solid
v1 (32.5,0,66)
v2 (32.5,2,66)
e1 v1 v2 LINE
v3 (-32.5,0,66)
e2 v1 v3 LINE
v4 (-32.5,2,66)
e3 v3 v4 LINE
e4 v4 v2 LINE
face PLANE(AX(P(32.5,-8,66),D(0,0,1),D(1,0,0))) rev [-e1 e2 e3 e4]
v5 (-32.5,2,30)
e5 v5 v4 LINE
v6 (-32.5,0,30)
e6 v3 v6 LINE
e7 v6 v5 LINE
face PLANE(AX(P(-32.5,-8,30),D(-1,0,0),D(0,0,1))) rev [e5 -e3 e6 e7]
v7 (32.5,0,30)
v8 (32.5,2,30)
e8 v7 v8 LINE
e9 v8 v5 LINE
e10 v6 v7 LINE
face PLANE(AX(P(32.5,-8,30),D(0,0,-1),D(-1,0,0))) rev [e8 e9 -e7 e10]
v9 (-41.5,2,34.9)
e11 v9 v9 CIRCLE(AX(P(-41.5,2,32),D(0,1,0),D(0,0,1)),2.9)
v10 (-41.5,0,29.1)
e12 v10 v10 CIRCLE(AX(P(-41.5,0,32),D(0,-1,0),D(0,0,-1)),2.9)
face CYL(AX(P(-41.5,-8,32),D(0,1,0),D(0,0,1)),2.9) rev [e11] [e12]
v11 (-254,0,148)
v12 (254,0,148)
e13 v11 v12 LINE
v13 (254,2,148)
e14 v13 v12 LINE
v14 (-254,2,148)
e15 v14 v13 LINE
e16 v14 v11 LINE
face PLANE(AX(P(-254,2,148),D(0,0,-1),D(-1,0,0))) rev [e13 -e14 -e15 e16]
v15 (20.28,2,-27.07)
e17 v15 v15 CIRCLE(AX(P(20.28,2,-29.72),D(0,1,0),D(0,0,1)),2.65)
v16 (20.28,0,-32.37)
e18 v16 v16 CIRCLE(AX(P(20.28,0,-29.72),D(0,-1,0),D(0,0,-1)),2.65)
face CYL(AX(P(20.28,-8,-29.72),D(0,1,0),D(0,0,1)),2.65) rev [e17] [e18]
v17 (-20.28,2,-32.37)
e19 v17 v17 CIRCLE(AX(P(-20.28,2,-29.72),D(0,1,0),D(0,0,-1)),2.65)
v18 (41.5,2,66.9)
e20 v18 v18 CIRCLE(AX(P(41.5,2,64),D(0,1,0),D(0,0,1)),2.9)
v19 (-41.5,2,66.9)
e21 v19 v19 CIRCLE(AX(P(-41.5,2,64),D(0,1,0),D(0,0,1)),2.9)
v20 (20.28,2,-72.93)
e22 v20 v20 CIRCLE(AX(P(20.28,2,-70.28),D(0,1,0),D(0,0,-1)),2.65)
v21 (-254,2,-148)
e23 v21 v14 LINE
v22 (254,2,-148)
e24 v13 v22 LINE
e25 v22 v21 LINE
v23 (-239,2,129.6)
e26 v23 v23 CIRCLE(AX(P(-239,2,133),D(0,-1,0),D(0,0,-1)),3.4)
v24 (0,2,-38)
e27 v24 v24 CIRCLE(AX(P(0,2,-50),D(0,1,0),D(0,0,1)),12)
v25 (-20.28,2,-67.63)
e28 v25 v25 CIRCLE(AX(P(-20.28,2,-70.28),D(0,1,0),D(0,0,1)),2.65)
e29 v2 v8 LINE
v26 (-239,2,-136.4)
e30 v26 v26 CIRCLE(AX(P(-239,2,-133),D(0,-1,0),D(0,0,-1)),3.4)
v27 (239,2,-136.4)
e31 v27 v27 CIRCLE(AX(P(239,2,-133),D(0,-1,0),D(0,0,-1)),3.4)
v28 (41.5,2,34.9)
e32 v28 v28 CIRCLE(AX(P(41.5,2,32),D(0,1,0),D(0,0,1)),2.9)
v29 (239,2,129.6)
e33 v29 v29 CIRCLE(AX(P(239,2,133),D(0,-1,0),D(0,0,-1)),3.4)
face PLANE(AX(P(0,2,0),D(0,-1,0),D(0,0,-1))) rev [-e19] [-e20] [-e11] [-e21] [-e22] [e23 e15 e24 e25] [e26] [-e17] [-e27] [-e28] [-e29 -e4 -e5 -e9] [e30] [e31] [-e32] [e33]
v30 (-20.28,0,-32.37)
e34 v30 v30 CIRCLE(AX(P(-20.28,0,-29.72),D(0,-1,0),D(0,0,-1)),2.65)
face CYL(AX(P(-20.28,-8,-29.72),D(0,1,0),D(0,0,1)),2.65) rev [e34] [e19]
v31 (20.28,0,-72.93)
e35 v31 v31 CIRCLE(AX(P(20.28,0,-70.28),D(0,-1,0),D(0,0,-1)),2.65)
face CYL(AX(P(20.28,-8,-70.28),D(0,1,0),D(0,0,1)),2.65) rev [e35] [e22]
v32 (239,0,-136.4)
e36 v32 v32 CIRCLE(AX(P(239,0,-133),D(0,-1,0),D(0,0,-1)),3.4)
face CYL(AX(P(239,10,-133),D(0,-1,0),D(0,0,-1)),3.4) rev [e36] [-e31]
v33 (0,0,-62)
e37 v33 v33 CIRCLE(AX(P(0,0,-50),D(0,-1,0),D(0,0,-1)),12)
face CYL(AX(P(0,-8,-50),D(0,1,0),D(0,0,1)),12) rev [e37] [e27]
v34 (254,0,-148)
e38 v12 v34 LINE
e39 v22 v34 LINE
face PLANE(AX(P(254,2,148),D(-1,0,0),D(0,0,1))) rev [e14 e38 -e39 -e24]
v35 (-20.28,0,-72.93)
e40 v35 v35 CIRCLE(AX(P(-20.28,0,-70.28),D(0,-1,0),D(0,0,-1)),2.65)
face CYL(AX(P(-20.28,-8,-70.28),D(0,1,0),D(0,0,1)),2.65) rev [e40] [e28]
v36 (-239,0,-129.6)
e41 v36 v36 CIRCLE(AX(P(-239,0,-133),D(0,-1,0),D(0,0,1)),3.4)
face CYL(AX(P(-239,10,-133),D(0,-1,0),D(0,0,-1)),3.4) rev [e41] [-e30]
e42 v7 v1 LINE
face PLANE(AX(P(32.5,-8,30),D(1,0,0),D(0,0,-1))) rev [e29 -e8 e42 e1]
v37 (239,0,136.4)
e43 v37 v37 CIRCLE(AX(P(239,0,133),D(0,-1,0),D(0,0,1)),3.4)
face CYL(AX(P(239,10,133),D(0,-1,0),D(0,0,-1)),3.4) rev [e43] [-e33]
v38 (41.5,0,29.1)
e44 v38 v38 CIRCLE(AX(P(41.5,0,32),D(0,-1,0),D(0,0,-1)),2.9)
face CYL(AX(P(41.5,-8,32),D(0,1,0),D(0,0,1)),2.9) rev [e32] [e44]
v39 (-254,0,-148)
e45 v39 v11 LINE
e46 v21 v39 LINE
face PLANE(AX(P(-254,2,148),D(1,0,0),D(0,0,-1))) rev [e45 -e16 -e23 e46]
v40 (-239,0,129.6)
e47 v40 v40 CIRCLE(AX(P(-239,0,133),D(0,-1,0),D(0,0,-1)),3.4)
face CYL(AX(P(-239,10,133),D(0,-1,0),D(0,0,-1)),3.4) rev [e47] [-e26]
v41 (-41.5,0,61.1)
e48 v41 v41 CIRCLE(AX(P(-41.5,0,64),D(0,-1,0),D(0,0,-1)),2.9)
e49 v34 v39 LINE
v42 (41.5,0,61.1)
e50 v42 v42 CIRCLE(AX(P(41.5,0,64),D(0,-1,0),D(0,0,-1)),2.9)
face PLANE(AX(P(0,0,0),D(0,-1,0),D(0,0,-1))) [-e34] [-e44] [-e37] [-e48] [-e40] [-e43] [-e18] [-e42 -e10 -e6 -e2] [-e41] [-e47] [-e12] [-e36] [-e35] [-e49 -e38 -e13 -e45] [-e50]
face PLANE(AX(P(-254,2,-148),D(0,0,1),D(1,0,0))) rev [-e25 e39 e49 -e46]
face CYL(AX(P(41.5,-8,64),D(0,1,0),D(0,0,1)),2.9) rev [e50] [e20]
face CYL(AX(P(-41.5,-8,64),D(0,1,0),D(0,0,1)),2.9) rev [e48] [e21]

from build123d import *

# Parameters (mm, degrees)
SKETCH1_W           = 508
SKETCH1_H           = 296
BOSS_EXTRUDE1_DEPTH = 2
SKETCH2_R           = 12
SKETCH2_R_2         = 2.65
SKETCH2_R_3         = 2.9
SKETCH2_W           = 65
SKETCH2_H           = 36
CUT_EXTRUDE1_DEPTH  = 10
SKETCH4_R           = 3.4
CUT_EXTRUDE2_DEPTH  = 10


with BuildPart() as part:
    # Sketch1 → Boss-Extrude1 (new body)
    with BuildSketch(Plane(origin=(0, 0, 0), x_dir=(1, 0, 0), z_dir=(0, 1, 0))):
        Rectangle(SKETCH1_W, SKETCH1_H)
    extrude(amount=BOSS_EXTRUDE1_DEPTH)

    # Sketch2 → Cut-Extrude1 (cut)
    with BuildSketch(Plane(origin=(0, 2, 0), x_dir=(1, 0, 0), z_dir=(0, 1, 0))):
        with Locations(Location((0, 50, 0), (0, 0, 270))):
            Circle(SKETCH2_R)
        with Locations(Location((-20.28, 70.28, 0), (0, 0, 270))):
            Circle(SKETCH2_R_2)
        with Locations(Location((-20.28, 29.72, 0), (0, 0, 90))):
            Circle(SKETCH2_R_2)
        with Locations(Location((20.28, 29.72, 0), (0, 0, 270))):
            Circle(SKETCH2_R_2)
        with Locations(Location((20.28, 70.28, 0), (0, 0, 90))):
            Circle(SKETCH2_R_2)
        with Locations(Location((41.5, -32, 0), (0, 0, 270))):
            Circle(SKETCH2_R_3)
        with Locations(Location((41.5, -64, 0), (0, 0, 270))):
            Circle(SKETCH2_R_3)
        with Locations(Location((-41.5, -64, 0), (0, 0, 270))):
            Circle(SKETCH2_R_3)
        with Locations(Location((-41.5, -32, 0), (0, 0, 270))):
            Circle(SKETCH2_R_3)
        with Locations((0, -48)):
            Rectangle(SKETCH2_W, SKETCH2_H)
    extrude(amount=-CUT_EXTRUDE1_DEPTH, mode=Mode.SUBTRACT)

    # Sketch4 → Cut-Extrude2 (cut)
    with BuildSketch(Plane.XZ):
        with Locations(Location((-239, 133, 0), (0, 0, 270))):
            Circle(SKETCH4_R)
        with Locations(Location((239, 133, 0), (0, 0, 270))):
            Circle(SKETCH4_R)
        with Locations(Location((-239, -133, 0), (0, 0, 270))):
            Circle(SKETCH4_R)
        with Locations(Location((239, -133, 0), (0, 0, 270))):
            Circle(SKETCH4_R)
    extrude(amount=-CUT_EXTRUDE2_DEPTH, mode=Mode.SUBTRACT)


solid = part.part
